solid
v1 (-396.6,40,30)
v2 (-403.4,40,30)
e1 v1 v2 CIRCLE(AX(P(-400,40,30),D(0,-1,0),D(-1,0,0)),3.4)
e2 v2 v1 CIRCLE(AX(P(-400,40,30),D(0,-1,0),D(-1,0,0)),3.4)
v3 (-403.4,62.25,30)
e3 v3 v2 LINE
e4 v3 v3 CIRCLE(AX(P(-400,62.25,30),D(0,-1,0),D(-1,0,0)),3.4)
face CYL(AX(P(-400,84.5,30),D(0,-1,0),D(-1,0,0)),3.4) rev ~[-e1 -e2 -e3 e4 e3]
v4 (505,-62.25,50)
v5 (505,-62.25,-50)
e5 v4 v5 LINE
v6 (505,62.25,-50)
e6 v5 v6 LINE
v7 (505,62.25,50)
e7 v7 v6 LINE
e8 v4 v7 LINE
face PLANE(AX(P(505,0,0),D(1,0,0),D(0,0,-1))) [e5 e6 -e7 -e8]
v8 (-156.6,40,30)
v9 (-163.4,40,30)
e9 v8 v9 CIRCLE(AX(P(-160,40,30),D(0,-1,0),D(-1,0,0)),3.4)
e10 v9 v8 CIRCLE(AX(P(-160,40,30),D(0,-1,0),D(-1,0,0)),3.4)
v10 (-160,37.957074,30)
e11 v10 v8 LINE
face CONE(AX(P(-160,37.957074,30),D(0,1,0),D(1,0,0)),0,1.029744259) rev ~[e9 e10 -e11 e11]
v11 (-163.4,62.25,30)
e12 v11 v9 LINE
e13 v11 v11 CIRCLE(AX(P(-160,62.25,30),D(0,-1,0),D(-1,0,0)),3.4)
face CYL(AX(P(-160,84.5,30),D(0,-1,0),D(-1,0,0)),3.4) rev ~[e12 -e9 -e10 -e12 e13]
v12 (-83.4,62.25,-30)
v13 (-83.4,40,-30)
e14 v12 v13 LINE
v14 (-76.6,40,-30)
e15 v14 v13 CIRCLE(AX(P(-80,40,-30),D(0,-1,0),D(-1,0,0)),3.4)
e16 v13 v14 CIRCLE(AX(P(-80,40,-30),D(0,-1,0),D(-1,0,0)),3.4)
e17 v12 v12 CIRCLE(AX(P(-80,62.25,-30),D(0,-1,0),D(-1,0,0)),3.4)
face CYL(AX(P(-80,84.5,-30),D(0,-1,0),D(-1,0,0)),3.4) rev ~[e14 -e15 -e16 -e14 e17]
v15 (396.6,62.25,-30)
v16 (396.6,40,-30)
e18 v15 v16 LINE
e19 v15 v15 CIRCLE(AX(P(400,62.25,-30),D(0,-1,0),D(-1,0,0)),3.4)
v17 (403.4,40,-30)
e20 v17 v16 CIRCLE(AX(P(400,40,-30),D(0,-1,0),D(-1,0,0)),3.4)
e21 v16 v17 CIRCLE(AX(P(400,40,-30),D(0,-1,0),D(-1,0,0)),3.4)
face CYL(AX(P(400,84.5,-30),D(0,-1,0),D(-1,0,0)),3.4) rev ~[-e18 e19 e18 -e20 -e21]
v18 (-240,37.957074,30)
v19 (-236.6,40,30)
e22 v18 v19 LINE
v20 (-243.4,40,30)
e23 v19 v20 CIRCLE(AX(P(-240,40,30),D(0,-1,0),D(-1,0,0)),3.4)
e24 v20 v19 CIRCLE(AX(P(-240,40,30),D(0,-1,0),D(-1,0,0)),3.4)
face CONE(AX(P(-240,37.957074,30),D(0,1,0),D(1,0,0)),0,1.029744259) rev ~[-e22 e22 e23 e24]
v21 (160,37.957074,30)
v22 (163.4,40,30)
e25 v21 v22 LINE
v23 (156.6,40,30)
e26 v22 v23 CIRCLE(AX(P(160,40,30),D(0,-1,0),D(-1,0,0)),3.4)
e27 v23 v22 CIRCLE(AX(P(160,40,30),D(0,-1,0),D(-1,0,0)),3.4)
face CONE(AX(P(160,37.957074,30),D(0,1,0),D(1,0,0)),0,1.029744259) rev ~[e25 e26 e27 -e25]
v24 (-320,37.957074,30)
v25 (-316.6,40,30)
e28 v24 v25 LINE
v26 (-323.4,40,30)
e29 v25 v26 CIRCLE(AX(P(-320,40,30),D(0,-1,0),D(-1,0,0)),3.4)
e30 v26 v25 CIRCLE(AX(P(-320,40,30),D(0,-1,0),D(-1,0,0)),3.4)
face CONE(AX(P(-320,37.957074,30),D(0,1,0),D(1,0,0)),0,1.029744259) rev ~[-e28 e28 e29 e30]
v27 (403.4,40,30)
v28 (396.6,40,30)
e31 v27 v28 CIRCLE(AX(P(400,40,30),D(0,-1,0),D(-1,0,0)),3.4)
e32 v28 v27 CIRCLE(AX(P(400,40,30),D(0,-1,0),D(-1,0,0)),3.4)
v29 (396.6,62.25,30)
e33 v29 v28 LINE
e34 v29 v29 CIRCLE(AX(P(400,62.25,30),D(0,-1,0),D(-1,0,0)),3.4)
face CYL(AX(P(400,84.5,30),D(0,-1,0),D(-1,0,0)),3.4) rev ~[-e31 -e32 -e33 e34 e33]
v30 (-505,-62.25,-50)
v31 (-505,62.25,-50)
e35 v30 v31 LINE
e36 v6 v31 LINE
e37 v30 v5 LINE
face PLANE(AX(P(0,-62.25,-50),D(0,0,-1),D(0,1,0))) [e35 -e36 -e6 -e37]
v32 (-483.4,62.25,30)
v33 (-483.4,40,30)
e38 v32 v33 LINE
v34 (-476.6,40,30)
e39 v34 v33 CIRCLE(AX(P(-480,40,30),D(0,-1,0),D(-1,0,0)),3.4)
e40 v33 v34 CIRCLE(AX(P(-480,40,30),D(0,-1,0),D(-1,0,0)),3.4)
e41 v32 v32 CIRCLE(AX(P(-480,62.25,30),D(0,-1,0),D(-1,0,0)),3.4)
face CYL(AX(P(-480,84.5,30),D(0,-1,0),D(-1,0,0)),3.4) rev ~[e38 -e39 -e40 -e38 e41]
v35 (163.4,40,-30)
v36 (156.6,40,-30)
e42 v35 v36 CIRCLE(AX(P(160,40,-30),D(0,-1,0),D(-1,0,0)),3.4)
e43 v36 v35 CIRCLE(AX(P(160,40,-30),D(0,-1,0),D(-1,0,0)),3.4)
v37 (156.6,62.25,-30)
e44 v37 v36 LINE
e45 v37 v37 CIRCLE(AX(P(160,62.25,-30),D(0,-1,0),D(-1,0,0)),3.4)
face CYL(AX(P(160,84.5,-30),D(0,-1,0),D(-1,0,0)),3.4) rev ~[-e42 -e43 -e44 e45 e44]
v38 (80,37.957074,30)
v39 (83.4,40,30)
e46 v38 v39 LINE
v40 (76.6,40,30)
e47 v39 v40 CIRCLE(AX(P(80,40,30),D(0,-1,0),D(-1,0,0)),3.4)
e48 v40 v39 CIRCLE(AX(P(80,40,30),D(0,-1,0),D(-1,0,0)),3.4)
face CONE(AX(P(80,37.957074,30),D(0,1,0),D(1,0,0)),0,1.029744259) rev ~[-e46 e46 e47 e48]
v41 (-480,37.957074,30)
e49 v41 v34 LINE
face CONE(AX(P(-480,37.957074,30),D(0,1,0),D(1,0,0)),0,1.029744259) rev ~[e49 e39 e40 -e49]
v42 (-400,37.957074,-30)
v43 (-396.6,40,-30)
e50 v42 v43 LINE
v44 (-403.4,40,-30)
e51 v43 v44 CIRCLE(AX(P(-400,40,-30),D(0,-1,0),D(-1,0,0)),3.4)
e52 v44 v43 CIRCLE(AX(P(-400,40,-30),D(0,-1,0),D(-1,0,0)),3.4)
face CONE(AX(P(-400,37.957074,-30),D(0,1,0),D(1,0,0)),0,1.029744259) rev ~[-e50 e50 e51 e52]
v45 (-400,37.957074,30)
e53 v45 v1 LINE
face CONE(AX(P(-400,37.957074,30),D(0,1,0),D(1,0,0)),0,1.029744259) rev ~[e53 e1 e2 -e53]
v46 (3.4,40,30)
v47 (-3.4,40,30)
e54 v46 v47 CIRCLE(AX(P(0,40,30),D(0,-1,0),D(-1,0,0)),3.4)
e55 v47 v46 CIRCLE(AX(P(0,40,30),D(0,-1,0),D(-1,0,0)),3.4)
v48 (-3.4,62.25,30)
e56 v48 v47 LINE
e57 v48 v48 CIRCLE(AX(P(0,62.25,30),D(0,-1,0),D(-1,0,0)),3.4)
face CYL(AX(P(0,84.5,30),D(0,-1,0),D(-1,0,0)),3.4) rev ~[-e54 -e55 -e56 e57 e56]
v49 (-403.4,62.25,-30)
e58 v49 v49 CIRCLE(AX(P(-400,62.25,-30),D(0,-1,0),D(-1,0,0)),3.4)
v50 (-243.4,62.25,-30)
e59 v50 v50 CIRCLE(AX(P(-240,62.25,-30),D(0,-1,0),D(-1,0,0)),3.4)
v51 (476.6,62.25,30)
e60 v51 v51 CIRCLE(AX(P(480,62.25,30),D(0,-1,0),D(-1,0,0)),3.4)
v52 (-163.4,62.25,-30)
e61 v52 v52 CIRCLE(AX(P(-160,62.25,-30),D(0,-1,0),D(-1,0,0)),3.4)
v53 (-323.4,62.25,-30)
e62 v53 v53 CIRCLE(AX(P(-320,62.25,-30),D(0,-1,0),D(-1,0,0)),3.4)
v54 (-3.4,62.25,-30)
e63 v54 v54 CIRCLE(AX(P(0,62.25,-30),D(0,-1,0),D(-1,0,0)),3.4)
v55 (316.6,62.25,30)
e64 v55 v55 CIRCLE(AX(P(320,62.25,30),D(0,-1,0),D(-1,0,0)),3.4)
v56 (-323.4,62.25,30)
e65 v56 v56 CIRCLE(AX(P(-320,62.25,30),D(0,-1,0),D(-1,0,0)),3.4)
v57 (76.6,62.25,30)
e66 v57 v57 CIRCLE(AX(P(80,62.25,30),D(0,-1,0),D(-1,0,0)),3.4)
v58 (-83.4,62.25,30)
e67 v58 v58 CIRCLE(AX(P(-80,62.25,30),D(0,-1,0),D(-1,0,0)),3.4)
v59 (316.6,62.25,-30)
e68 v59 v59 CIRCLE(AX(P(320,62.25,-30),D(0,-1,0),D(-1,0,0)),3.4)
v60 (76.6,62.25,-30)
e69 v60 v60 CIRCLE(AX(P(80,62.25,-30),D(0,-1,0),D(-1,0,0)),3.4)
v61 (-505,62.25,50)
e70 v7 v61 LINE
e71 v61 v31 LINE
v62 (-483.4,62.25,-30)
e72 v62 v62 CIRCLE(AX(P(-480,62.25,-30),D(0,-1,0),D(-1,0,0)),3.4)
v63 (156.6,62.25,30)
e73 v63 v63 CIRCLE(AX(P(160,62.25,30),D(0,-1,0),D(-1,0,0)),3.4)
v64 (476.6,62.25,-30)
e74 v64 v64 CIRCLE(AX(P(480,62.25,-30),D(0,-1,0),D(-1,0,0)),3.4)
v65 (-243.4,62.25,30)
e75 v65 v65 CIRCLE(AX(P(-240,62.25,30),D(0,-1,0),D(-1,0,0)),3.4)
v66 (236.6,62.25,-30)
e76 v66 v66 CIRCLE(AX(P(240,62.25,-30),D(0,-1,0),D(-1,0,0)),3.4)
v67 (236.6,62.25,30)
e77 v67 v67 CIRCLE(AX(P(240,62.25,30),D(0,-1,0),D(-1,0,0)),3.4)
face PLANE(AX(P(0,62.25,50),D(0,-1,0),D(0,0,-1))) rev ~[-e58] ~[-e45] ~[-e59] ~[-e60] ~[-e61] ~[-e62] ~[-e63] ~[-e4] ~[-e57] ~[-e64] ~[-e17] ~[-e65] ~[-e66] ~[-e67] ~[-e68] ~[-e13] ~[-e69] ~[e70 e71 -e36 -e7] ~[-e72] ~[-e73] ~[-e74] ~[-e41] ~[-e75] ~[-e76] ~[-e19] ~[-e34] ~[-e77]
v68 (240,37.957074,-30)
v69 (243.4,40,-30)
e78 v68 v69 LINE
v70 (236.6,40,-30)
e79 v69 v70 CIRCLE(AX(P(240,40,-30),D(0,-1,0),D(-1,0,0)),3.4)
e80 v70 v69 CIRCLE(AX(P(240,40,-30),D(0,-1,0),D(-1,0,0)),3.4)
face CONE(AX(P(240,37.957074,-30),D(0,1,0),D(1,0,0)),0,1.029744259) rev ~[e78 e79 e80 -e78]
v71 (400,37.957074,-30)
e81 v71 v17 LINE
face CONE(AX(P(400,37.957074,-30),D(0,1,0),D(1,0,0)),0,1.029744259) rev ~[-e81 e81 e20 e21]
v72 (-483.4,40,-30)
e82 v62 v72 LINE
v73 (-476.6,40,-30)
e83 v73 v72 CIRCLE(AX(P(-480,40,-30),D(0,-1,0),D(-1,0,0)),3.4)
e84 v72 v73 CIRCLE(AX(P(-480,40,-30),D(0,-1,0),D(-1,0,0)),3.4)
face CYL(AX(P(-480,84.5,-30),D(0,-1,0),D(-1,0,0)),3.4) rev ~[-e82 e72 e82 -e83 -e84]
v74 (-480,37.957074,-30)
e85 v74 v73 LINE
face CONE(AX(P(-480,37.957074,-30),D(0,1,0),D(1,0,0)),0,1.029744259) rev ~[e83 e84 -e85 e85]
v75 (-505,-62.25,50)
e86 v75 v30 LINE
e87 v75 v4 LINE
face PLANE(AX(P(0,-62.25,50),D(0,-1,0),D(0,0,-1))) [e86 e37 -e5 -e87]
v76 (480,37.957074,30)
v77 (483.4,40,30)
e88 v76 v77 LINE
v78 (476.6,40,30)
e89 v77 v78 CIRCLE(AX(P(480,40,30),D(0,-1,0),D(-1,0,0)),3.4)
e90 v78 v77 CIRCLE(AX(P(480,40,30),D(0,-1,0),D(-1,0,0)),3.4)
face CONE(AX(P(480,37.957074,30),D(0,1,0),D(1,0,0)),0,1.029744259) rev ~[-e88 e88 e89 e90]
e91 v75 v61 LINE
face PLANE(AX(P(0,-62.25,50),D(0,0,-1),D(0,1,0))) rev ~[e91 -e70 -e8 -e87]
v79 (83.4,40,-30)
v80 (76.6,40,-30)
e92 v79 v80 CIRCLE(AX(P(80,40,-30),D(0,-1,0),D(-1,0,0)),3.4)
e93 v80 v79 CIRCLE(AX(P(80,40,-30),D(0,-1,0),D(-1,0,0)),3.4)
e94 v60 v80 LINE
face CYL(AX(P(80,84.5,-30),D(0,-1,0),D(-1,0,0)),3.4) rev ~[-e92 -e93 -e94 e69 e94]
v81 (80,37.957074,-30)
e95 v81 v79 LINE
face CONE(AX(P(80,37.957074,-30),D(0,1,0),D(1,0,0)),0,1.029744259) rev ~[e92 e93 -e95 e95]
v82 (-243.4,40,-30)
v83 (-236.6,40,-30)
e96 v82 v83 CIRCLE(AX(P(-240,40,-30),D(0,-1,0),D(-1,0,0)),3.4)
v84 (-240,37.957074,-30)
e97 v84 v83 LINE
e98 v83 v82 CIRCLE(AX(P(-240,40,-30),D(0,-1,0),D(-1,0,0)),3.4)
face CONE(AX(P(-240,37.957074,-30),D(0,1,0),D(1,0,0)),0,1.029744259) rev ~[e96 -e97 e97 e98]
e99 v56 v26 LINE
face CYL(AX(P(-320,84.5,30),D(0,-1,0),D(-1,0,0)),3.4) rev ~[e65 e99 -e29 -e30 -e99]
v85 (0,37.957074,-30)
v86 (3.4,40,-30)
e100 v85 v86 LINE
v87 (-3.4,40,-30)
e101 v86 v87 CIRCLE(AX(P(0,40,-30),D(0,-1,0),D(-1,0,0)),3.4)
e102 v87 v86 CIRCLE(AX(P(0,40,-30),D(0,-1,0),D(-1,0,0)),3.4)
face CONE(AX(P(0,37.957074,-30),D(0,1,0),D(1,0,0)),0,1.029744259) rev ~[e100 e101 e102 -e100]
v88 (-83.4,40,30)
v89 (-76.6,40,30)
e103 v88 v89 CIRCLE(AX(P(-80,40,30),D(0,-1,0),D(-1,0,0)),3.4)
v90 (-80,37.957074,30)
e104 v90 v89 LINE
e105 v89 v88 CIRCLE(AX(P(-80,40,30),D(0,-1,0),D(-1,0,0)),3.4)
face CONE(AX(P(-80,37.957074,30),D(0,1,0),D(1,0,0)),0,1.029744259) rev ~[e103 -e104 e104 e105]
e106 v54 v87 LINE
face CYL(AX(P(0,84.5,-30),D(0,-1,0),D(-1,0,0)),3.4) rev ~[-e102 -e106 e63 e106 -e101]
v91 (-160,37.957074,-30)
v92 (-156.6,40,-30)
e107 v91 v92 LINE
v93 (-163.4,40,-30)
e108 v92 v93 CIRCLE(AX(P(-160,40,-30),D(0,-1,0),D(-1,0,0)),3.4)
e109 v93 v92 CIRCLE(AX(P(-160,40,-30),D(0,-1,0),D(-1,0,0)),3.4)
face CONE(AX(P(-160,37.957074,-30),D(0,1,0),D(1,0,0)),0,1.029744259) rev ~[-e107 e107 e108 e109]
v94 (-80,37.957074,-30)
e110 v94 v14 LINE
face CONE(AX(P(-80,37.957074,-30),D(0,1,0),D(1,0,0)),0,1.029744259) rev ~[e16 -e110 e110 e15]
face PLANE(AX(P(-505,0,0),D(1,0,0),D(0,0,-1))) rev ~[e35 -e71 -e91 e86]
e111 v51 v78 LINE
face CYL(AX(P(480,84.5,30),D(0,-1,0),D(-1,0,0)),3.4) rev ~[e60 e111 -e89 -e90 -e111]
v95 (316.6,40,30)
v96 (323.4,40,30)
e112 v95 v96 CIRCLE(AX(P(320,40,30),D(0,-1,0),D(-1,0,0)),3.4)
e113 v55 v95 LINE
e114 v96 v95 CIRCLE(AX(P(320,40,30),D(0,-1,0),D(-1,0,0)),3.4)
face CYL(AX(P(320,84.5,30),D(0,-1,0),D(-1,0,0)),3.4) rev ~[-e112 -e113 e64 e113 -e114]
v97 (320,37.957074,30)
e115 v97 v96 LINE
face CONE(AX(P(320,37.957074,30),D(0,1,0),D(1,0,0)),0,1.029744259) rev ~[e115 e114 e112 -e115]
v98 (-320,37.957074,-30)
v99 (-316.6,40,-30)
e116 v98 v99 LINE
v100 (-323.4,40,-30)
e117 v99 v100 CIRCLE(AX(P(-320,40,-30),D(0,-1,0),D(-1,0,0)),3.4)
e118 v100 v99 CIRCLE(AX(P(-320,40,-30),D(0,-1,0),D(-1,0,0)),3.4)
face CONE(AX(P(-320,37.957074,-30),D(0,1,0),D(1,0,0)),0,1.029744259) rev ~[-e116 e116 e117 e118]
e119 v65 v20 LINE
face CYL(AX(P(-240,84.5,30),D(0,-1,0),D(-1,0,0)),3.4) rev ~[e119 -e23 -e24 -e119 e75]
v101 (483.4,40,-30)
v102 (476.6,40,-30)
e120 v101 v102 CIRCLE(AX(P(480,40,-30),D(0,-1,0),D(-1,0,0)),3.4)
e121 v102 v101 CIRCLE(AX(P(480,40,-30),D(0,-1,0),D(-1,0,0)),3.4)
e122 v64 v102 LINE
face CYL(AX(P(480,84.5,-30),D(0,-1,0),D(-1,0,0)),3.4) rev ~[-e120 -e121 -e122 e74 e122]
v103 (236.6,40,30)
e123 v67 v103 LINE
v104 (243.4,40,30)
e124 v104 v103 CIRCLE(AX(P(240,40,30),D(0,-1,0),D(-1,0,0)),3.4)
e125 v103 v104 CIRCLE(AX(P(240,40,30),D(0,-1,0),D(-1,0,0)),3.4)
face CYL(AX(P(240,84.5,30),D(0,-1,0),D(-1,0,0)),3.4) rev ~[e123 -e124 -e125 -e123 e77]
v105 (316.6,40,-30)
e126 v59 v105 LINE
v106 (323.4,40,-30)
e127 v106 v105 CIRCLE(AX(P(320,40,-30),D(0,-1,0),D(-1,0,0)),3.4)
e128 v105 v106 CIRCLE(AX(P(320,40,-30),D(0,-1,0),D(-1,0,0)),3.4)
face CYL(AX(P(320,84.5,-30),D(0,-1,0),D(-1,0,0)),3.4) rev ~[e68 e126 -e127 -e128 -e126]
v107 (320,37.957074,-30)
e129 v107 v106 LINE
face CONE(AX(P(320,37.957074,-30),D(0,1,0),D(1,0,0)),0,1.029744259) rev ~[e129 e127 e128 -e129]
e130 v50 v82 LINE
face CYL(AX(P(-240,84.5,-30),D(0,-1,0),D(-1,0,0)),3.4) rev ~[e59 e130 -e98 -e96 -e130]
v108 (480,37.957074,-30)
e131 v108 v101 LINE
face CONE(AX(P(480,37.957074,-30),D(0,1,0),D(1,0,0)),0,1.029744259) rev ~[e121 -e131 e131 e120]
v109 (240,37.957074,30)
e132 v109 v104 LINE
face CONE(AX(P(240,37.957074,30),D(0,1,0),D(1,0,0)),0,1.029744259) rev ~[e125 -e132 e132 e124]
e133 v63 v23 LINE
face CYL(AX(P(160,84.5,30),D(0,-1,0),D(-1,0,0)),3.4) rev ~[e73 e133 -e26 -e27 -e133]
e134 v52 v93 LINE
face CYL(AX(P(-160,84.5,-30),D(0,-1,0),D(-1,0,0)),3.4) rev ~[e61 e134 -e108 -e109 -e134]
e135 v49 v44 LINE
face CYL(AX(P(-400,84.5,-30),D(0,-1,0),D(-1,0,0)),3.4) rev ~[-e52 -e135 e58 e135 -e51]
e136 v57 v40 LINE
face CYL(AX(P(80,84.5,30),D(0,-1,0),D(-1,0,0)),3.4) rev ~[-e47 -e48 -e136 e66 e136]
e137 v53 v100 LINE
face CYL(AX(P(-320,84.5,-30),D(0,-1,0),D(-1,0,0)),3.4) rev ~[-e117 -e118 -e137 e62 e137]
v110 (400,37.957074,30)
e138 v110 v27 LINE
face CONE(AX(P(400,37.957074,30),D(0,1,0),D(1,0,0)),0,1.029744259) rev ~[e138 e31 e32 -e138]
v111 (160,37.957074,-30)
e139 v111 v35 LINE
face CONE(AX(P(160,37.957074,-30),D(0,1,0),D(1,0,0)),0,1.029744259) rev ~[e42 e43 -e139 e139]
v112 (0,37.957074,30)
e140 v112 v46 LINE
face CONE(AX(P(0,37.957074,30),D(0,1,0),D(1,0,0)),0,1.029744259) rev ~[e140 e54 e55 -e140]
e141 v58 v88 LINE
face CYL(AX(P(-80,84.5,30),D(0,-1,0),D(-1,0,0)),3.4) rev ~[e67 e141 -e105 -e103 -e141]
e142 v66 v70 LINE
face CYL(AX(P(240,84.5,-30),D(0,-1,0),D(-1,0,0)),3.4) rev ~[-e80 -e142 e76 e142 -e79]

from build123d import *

# Parameters (mm, degrees)
SKETCH1_W             = 100
SKETCH1_H             = 124.5
BOSS_EXTRUDE1_DEPTH   = 505
M8_TAPPED_HOLE1_D     = 6.8
M8_TAPPED_HOLE1_DEPTH = 22.25
M8_TAPPED_HOLE1_TIP   = 2.042926105


with BuildPart() as part:
    # Sketch1 → Boss-Extrude1 (new, symmetric)
    with BuildSketch(Plane(origin=(0, 0, 0), x_dir=(0, 0, -1), z_dir=(1, 0, 0))):
        Rectangle(SKETCH1_W, SKETCH1_H)
    extrude(amount=BOSS_EXTRUDE1_DEPTH, both=True)

    # M8 Tapped Hole1
    with Locations(Plane(origin=(0, 62.25, 0), x_dir=(1, 0, 0), z_dir=(0, 1, 0))):
        with Locations((480, 30), (480, -30), (400, 30), (400, -30), (320, 30), (320, -30), (240, -30), (240, 30), (160, 30), (160, -30), (80, 30), (80, -30), (0, -30), (0, 30), (-80, -30), (-80, 30), (-160, -30), (-160, 30), (-240, -30), (-240, 30), (-320, -30), (-320, 30), (-400, -30), (-400, 30), (-480, 30), (-480, -30)):
            Hole(M8_TAPPED_HOLE1_D / 2, depth=M8_TAPPED_HOLE1_DEPTH)
            with Locations((0, 0, -(M8_TAPPED_HOLE1_DEPTH + M8_TAPPED_HOLE1_TIP / 2))):  # 118° drill point
                Cone(0, M8_TAPPED_HOLE1_D / 2, M8_TAPPED_HOLE1_TIP, mode=Mode.SUBTRACT)


solid = part.part
